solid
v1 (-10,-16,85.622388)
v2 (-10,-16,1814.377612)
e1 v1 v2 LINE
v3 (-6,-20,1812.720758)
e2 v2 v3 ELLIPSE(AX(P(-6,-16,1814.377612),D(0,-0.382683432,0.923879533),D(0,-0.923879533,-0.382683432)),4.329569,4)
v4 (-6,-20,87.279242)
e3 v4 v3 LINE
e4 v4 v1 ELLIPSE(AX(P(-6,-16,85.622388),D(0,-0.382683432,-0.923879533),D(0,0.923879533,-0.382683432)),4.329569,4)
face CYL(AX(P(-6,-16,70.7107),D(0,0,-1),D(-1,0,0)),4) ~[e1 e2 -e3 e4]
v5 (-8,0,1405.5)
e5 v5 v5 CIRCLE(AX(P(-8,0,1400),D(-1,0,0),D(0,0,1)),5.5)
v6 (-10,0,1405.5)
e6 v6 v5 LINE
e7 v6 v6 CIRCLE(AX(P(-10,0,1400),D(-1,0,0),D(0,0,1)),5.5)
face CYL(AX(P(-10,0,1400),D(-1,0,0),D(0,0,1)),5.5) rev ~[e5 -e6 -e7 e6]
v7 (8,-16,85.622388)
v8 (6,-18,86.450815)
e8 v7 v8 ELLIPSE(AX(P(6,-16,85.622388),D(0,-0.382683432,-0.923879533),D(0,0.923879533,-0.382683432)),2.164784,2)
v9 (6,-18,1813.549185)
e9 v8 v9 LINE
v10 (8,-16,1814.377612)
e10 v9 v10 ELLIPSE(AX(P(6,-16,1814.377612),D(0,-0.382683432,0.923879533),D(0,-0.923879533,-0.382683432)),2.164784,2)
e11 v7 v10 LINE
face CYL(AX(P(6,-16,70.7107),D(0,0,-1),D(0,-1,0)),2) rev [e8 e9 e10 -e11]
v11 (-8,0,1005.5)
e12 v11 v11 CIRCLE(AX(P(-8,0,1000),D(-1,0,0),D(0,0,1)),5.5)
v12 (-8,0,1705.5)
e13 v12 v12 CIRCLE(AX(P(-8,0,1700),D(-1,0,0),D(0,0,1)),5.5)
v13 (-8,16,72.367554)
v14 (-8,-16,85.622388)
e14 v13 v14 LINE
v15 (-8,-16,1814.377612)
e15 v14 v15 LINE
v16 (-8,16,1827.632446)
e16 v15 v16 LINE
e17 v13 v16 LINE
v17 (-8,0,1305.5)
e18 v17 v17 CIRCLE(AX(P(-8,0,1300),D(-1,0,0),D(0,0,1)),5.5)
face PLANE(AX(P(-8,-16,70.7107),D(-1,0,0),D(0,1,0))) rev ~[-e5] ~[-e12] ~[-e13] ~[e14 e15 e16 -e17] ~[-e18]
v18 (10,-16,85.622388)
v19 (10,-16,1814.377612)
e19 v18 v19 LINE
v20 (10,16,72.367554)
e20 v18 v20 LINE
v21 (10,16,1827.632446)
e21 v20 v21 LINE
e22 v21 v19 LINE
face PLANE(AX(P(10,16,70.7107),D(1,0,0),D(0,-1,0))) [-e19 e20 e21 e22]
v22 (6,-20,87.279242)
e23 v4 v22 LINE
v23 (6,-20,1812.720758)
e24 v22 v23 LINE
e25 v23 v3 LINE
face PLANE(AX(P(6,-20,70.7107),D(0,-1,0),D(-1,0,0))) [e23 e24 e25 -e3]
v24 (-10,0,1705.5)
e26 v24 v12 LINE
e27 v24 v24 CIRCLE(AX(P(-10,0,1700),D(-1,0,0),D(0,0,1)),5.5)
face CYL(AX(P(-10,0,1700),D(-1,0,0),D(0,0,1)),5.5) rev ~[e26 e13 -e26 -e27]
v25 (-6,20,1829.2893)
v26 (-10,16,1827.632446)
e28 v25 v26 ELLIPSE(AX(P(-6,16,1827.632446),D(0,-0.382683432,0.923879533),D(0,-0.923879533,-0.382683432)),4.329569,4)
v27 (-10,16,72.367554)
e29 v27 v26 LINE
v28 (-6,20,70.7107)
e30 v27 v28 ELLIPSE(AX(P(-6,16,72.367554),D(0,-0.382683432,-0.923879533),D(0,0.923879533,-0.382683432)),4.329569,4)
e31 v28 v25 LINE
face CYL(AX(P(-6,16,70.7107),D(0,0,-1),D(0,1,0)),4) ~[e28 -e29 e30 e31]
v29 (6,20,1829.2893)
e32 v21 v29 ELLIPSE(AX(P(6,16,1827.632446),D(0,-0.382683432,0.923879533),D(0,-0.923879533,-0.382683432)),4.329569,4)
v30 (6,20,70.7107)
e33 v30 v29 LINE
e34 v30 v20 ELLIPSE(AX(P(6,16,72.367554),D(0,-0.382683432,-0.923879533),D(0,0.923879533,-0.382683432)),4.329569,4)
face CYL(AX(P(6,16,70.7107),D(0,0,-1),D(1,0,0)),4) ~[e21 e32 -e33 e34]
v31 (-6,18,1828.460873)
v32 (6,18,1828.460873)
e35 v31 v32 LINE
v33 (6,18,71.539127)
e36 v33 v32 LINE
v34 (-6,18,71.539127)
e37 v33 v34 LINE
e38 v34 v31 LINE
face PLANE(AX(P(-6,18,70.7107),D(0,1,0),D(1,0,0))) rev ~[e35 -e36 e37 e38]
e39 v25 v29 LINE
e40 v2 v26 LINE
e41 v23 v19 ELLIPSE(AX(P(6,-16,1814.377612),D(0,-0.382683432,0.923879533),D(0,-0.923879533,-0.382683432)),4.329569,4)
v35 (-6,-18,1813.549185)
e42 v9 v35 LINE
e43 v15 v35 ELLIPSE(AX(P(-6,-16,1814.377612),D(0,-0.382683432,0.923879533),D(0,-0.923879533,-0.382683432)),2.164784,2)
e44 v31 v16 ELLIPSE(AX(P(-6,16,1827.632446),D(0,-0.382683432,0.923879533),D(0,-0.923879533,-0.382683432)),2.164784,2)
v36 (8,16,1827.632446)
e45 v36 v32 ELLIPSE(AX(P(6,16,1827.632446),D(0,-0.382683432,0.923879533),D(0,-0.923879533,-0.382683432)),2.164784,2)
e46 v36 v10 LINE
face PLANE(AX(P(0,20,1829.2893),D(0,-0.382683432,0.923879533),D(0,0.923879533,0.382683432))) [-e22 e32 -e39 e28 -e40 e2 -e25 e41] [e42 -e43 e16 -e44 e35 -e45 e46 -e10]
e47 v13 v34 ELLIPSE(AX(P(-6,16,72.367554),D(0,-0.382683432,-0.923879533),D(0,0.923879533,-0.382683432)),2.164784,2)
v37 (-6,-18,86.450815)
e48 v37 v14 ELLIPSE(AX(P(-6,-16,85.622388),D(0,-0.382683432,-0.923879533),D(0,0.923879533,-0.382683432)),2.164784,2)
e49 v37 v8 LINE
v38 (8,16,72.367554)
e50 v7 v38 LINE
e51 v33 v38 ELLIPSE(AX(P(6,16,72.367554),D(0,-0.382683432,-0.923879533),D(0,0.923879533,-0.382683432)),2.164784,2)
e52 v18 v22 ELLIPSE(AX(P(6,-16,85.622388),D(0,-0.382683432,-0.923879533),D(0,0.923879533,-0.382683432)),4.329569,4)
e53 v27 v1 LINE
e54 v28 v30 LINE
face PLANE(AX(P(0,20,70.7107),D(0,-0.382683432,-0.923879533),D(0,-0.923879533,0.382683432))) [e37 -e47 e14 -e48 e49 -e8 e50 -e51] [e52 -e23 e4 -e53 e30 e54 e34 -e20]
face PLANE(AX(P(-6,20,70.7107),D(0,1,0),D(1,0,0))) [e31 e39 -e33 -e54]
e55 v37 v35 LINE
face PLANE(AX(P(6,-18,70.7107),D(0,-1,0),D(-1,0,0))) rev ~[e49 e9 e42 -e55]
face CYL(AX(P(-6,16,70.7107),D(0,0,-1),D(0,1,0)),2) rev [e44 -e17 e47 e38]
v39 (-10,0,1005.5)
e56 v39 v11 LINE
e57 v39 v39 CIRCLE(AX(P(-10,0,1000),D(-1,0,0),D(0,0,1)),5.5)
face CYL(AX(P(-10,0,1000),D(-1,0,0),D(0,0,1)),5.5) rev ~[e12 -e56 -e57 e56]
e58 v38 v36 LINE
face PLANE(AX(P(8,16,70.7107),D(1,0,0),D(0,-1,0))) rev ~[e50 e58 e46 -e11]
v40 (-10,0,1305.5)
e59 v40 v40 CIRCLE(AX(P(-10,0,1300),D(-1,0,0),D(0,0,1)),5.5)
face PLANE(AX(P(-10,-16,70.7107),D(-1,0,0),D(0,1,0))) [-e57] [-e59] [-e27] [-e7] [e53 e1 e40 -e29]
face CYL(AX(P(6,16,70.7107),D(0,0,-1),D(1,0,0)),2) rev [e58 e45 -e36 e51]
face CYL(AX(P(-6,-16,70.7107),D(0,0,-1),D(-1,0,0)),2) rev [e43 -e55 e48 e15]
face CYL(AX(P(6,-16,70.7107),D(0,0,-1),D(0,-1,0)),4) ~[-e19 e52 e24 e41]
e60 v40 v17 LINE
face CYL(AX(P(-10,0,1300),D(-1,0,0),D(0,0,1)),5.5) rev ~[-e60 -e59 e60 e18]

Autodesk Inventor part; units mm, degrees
ref_plane "Start Plane" through (0, 0, 70.7107) normal (0, 0, 1) x (1, 0, 0)
ref_plane "End Plane" through (0, 0, 1829.2893) normal (0, 0, 1) x (1, 0, 0)
sketch "Sketch" plane through (0, 0, 0) normal (0, 0, 1) x (1, 0, 0)
  line L0 (-10, -16) -> (-10, 16)
  line L1 (-6, 20) -> (6, 20)
  line L2 (10, 16) -> (10, -16)
  line L3 (6, -20) -> (-6, -20)
  arc A0 (-10, -16) -> (-6, -20) centre (-6, -16) ccw
  arc A1 (10, 16) -> (6, 20) centre (6, 16) ccw
  arc A2 (-6, 20) -> (-10, 16) centre (-6, 16) ccw
  arc A3 (6, -20) -> (10, -16) centre (6, -16) ccw
  arc A4 (-6, 18) -> (-8, 16) centre (-6, 16) ccw
  line L4 (-6, 18) -> (6, 18)
  arc A5 (8, 16) -> (6, 18) centre (6, 16) ccw
  line L5 (8, 16) -> (8, -16)
  arc A6 (6, -18) -> (8, -16) centre (6, -16) ccw
  line L6 (6, -18) -> (-6, -18)
  arc A7 (-8, -16) -> (-6, -18) centre (-6, -16) ccw
  line L7 (-8, -16) -> (-8, 16)
  line L8 (0, 29.1598) -> (0, -29.1598) construction
  line L9 (-15.1598, 0) -> (15.1598, 0) construction
  dimension "d7" = 4
  dimension "d9" = 20
  dimension "d11" = 40
  dimension "d12" = 2
  dimension "d15" = 10
  dimension "d16" = 20
extrude "Body" add sketch "Sketch" along normal up to surface (1758.5786 mm away) from surface at 70.7107
sketch "Sketch3" plane through (0, 0, 0) normal (0, 0, 1) x (1, 0, 0)
  line L0 (0, 0) -> (10, 0)
ref_plane "Work Plane3" through (0, 0, 0) normal (0, -1, 0) x (1, 0, 0)
ref_plane "Work Plane4" through (0, 20, 1829.2893) normal (0, -0.3827, 0.9239) x (1, 0, 0)
split "Split1" plane through (0, 20, 1829.2893) removes the side toward (0, -0.3827, 0.9239)
ref_plane "Work Plane5" through (0, 20, 70.7107) normal (0, -0.3827, -0.9239) x (1, 0, 0)
split "Split2" plane through (0, 20, 70.7107) removes the side toward (0, -0.3827, -0.9239)
sketch "Sketch5" plane through (-10, 16, 72.3675) normal (-1, 0, 0) x (0, 0, 1)
  line L0 (0, 0) -> (13.2548, -32) construction
  line L1 (13.2548, -32) -> (1742.0101, -32) construction
  line L2 (1742.0101, -32) -> (1755.2649, 0) construction
  line L3 (0, 0) -> (1755.2649, 0) construction
  line L4 (877.6325, -32) -> (877.6325, 0) construction
  line L5 (877.6325, -16) -> (1748.6375, -16) construction
  line L6 (877.6325, -16) -> (6.6274, -16) construction
  circle A0 centre (1227.6325, -16) radius 5.5
  circle A1 centre (927.6325, -16) radius 5.5
  circle A2 centre (1327.6325, -16) radius 5.5
  circle A3 centre (1627.6325, -16) radius 5.5
  point P0 (-72.3675, -16)
  dimension "d19" = 11
  dimension "d20" = 300
  dimension "d21" = 50
  dimension "d22" = 300
  dimension "d23" = 100
extrude "Extrusion2" cut sketch "Sketch5" against normal up to surface (2 mm away)
sketch "Sketch4" plane through (0, 0, 0) normal (0, -1, 0) x (1, 0, 0)
  line L0 (-2, 70.7107) -> (12, 70.7107) projected
  line L1 (-2, 1829.2893) -> (12, 1829.2893) projected
  dimension "d18" = 1758.5786
equation "\"d7\" = G_IR"
equation "\"d9\" = G_W"
equation "\"d11\" = G_H"
equation "\"d12\" = G_T"
equation "\"d15\" = 0.5 * d9"
equation "\"d16\" = 0.5 * d11"
equation "\"d3\" = G_L"
equation "\"d22\" = d20"
equation "\"G_W\" = 20"
equation "\"G_H\" = 40"
equation "\"G_T\" = 2"
equation "\"G_IR\" = 4"
equation "\"G_L\" = d18"
equation "\"G_OFFSET_START\" = -70.71068"
equation "\"G_OFFSET_END\" = -70.71068"
equation "\"d13\" = -G_OFFSET_START"
equation "\"d14\" = G_OFFSET_END + B_L"
equation "\"B_L\" = 1900"
properties part number "ISO 4019 - 40x20x2 - 1758,58" material "Steel, Mild"
